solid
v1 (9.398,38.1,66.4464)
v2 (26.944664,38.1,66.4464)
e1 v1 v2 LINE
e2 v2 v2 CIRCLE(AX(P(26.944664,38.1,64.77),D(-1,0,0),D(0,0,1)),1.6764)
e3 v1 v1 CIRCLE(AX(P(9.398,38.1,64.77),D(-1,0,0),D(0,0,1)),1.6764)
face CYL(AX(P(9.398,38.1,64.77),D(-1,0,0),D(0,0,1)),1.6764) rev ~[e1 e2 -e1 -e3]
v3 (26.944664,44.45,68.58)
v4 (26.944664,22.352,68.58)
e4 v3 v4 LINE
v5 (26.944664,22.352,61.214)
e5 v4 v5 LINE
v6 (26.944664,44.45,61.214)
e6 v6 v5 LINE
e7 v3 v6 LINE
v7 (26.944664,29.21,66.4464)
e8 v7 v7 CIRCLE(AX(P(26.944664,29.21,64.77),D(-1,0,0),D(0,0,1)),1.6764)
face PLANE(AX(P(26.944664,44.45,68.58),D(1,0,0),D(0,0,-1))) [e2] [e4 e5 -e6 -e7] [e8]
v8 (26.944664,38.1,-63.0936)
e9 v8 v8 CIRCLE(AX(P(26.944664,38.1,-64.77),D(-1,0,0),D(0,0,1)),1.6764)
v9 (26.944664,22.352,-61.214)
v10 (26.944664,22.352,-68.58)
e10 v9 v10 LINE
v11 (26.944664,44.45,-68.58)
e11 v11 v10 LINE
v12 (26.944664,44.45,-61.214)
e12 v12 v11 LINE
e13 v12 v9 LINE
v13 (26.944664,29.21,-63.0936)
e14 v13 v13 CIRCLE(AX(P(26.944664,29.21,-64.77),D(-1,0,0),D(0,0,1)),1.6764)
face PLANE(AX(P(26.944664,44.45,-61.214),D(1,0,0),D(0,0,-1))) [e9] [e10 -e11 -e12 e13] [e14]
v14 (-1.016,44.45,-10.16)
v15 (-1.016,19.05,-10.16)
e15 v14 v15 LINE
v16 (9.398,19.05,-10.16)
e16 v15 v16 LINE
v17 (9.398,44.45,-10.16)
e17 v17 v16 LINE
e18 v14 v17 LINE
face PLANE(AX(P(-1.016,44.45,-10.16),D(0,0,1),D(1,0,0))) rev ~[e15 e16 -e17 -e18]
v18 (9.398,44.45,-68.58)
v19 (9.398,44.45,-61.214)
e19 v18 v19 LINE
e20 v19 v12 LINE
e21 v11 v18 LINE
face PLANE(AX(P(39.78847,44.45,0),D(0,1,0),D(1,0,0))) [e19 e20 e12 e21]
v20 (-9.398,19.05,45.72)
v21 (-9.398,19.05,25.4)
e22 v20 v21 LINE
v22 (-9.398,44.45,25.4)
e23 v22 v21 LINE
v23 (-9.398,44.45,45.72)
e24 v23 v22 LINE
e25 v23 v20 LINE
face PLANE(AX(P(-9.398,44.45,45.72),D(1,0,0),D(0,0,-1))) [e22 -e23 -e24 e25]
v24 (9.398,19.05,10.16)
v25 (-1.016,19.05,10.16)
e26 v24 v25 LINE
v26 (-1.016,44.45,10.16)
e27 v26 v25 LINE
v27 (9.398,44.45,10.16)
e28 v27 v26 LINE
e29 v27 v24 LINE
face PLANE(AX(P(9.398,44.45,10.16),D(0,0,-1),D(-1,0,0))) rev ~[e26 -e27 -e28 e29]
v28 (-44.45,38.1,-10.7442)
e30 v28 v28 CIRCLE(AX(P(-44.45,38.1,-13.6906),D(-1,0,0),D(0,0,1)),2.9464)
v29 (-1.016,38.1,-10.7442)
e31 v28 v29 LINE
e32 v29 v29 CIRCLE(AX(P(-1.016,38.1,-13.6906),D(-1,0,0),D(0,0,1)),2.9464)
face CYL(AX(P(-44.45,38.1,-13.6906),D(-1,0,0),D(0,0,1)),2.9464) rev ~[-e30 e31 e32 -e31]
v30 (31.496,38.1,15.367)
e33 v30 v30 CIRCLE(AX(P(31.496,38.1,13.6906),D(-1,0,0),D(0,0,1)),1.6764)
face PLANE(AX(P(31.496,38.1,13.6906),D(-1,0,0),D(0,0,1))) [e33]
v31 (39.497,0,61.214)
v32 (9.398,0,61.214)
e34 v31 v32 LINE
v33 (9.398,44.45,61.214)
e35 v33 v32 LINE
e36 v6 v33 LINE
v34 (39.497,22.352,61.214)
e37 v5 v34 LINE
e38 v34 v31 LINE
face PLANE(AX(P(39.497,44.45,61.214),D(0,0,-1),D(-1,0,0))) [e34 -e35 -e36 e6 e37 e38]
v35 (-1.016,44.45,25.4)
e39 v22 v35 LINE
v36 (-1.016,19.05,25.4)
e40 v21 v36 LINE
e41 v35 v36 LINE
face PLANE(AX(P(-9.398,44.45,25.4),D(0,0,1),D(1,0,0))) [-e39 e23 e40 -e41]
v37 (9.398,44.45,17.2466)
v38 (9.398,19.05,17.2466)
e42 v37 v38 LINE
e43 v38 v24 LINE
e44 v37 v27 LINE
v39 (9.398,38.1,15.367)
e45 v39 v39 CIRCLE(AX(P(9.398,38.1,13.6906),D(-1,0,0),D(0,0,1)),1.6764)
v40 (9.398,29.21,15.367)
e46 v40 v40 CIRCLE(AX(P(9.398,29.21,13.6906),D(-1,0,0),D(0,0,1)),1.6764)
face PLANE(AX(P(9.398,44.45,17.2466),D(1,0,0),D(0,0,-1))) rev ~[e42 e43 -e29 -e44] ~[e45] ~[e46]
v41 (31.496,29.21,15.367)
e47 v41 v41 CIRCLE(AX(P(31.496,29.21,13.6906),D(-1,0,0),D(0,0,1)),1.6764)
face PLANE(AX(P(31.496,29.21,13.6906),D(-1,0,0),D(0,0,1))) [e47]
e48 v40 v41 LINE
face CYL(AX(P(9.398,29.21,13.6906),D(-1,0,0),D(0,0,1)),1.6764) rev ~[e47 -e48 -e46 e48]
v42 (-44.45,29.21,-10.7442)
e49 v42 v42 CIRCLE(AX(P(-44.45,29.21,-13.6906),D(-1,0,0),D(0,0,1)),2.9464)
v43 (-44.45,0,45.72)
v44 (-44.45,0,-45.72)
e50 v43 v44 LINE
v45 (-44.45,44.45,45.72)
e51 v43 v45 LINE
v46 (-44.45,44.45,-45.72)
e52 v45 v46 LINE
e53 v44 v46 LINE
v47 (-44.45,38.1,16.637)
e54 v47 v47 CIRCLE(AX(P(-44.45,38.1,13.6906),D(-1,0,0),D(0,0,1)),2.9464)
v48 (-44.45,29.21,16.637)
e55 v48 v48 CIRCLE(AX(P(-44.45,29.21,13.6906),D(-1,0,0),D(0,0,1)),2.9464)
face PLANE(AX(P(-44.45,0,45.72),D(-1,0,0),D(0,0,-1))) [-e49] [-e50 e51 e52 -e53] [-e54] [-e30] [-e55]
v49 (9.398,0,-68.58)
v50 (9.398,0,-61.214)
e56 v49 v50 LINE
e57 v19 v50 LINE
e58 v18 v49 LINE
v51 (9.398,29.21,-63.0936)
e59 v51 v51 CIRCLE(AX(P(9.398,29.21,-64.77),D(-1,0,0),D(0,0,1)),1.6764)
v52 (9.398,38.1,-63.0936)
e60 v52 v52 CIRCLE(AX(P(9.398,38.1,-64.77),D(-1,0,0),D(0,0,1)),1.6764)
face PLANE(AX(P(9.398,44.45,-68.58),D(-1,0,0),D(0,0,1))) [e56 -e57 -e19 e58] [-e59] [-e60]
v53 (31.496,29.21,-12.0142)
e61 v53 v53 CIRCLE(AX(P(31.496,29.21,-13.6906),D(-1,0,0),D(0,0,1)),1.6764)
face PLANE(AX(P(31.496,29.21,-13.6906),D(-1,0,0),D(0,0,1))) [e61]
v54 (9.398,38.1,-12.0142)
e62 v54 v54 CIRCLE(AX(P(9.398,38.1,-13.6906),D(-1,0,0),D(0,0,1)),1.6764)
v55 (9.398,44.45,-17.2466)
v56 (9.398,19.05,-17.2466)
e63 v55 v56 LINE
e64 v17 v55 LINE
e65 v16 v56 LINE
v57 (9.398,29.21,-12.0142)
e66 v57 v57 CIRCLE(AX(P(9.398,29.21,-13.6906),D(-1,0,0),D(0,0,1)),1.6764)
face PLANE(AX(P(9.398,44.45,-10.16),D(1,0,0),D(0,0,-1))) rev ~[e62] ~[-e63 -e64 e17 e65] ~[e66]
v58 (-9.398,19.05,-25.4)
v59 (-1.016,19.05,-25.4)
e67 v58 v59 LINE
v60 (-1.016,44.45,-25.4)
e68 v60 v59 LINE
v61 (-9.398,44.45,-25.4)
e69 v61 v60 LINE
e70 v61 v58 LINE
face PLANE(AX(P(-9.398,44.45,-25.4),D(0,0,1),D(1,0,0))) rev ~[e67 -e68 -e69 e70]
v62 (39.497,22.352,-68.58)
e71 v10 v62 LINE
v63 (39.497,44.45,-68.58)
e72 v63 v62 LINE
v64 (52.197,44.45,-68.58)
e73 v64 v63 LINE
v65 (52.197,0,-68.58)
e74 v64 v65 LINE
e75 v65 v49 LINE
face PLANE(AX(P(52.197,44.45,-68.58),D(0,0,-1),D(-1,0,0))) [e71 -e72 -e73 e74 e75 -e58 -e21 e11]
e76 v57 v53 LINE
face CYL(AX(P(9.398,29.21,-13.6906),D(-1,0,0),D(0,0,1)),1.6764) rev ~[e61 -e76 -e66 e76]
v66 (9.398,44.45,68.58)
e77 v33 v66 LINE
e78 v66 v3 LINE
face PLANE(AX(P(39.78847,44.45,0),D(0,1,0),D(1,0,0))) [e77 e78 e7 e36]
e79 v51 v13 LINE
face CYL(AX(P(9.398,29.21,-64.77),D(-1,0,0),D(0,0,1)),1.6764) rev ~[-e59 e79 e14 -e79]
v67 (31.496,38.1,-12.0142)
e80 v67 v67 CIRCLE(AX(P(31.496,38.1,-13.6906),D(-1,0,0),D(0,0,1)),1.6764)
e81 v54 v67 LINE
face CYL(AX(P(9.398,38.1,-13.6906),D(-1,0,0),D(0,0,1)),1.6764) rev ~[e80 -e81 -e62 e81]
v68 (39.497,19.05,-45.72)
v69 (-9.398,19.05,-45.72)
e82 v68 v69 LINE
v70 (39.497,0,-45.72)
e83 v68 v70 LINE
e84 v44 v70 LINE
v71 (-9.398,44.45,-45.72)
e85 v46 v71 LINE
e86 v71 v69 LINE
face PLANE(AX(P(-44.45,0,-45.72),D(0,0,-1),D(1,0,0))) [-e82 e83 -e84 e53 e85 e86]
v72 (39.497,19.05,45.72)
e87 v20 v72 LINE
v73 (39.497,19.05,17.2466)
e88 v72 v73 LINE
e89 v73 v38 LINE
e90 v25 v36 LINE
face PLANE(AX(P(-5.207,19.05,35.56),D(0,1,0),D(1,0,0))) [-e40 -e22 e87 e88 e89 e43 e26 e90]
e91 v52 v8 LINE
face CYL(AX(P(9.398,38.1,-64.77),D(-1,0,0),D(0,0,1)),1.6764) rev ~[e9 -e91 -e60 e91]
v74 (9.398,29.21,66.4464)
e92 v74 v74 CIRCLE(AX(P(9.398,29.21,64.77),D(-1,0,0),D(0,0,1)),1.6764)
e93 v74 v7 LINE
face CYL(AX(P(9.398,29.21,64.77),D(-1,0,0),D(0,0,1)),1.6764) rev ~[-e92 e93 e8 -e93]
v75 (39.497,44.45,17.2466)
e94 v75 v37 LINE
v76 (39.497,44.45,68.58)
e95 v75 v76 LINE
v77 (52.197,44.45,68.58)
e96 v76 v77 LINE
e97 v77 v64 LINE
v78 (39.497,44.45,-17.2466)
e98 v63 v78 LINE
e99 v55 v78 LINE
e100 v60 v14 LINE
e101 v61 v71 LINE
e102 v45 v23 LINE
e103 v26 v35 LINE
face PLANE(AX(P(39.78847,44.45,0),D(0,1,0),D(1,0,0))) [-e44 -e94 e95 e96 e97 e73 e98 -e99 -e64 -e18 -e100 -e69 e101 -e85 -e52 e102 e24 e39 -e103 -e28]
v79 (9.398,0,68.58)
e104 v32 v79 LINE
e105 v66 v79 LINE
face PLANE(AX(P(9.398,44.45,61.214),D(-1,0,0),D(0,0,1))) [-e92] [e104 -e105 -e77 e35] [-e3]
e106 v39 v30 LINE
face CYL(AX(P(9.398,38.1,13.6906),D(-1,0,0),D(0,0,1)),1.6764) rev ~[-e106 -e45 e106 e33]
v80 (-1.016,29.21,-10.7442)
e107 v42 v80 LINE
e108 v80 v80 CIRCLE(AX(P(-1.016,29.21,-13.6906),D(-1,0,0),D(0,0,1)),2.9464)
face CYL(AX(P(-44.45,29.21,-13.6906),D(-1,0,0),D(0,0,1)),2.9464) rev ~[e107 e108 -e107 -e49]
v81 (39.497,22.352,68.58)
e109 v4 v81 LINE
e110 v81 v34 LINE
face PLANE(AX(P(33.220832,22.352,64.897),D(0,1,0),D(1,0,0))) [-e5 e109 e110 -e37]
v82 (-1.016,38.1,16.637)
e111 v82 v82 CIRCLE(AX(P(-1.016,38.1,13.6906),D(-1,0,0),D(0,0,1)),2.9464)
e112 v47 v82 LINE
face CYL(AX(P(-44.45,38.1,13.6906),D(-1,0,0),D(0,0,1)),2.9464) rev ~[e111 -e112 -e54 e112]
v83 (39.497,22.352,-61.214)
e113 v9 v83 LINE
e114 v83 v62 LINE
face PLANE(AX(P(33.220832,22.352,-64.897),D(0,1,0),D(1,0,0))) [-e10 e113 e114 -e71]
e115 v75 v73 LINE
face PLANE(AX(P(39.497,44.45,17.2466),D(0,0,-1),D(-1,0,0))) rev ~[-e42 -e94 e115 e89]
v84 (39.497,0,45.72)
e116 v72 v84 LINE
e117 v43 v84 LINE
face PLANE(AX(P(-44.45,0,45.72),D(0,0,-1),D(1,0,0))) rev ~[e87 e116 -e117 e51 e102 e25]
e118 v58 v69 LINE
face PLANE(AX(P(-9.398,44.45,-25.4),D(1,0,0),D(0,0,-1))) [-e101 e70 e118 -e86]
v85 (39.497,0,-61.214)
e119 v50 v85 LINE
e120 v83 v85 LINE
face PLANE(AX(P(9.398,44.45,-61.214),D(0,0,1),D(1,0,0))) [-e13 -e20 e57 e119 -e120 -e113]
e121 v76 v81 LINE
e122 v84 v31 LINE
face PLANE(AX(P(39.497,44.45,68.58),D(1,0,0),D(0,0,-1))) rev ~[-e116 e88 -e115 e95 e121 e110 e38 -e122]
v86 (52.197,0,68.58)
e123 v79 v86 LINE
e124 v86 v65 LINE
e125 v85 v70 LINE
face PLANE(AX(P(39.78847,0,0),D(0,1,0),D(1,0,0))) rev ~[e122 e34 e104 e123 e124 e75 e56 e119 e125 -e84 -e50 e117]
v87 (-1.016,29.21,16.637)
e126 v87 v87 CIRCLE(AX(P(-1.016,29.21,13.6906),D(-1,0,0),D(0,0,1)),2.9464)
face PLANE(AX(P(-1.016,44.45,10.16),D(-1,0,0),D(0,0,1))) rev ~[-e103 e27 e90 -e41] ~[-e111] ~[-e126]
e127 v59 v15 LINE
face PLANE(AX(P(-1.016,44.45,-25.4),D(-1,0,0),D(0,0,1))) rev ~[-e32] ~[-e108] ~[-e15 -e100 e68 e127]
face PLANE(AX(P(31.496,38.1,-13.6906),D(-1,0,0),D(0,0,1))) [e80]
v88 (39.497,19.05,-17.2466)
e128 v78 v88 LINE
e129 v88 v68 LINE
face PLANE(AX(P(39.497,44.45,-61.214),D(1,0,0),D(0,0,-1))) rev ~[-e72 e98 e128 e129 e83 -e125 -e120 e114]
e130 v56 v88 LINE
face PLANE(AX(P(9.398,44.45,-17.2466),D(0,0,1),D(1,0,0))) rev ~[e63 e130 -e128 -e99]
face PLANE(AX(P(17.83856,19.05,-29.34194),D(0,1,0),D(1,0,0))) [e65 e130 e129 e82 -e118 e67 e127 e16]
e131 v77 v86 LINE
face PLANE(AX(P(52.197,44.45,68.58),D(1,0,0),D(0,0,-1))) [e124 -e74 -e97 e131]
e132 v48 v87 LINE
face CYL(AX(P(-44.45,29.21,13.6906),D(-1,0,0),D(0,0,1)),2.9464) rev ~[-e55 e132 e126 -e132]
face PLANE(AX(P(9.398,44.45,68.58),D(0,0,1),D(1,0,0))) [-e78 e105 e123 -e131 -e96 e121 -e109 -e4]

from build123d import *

# Parameters (mm, degrees)
SKETCH1_W           = 88.9
SKETCH1_H           = 91.44
BOSS_EXTRUDE1_DEPTH = 44.45
SKETCH2_W           = 8.382
SKETCH2_H           = 20.32
CUT_EXTRUDE1_DEPTH  = 25.4
BOSS_EXTRUDE2_DEPTH = 44.45
SKETCH4_R           = 1.6764
CUT_EXTRUDE4_DEPTH  = 22.098
SKETCH5_R           = 2.9464
CUT_EXTRUDE6_DEPTH  = 43.434
SKETCH7_W           = 12.552336234
SKETCH7_H           = 7.366
CUT_EXTRUDE7_DEPTH  = 22.098


with BuildPart() as part:
    # Sketch1 → Boss-Extrude1 (new body)
    with BuildSketch(Plane(origin=(0, 0, 0), x_dir=(1, 0, 0), z_dir=(0, 1, 0))):
        Rectangle(SKETCH1_W, SKETCH1_H)
    extrude(amount=BOSS_EXTRUDE1_DEPTH)

    # Sketch2 → Cut-Extrude1 (cut)
    with BuildSketch(Plane(origin=(0, 44.45, 0), x_dir=(1, 0, 0), z_dir=(0, 1, 0))):
        with Locations((-5.207, -35.56)):
            Rectangle(SKETCH2_W, SKETCH2_H)
        Polygon((-1.016, -45.72), (39.497, -45.72), (39.497, -17.2466), (9.398, -17.2466), (9.398, -10.16), (-1.016, -10.16), (-1.016, -25.4), align=None)
        Polygon((39.497, 17.2466), (39.497, 45.72), (-1.016, 45.72), (-1.016, 25.4), (-1.016, 10.16), (9.398, 10.16), (9.398, 17.2466), align=None)
        with Locations((-5.207, 35.56)):
            Rectangle(SKETCH2_W, SKETCH2_H)
    extrude(amount=-CUT_EXTRUDE1_DEPTH, mode=Mode.SUBTRACT)

    # Sketch3 → Boss-Extrude2 (add)
    with BuildSketch(Plane(origin=(0, 44.45, 0), x_dir=(1, 0, 0), z_dir=(0, 1, 0))):
        Polygon((52.197, -68.58), (52.197, 68.58), (9.398, 68.58), (9.398, 61.214), (39.497, 61.214), (39.497, 45.72), (44.45, 45.72), (44.45, -45.72), (39.497, -45.72), (39.497, -61.214), (9.398, -61.214), (9.398, -68.58), align=None)
    extrude(amount=-BOSS_EXTRUDE2_DEPTH)

    # Sketch4 → Cut-Extrude4 (cut)
    with BuildSketch(Plane.ZY.offset(-9.398)):
        with Locations((-64.77, 29.21)):
            Circle(SKETCH4_R)
        with Locations((-64.77, 38.1)):
            Circle(SKETCH4_R)
        with Locations((-13.6906, 38.1)):
            Circle(SKETCH4_R)
        with Locations((-13.6906, 29.21)):
            Circle(SKETCH4_R)
        with Locations((13.6906, 38.1)):
            Circle(SKETCH4_R)
        with Locations((13.6906, 29.21)):
            Circle(SKETCH4_R)
        with Locations((64.77, 38.1)):
            Circle(SKETCH4_R)
        with Locations((64.77, 29.21)):
            Circle(SKETCH4_R)
    extrude(amount=-CUT_EXTRUDE4_DEPTH, mode=Mode.SUBTRACT)

    # Sketch5 → Cut-Extrude6 (cut)
    with BuildSketch(Plane.ZY.offset(44.45)):
        with Locations((-13.6906, 38.1)):
            Circle(SKETCH5_R)
        with Locations((-13.6906, 29.21)):
            Circle(SKETCH5_R)
        with Locations((13.6906, 38.1)):
            Circle(SKETCH5_R)
        with Locations((13.6906, 29.21)):
            Circle(SKETCH5_R)
    extrude(amount=-CUT_EXTRUDE6_DEPTH, mode=Mode.SUBTRACT)

    # Sketch7 → Cut-Extrude7 (cut)
    with BuildSketch(Plane(origin=(0, 44.45, 0), x_dir=(1, 0, 0), z_dir=(0, 1, 0))):
        with Locations((33.220831883, -64.897)):
            Rectangle(SKETCH7_W, SKETCH7_H)
        with Locations((33.220831883, 64.897)):
            Rectangle(SKETCH7_W, SKETCH7_H)
    extrude(amount=-CUT_EXTRUDE7_DEPTH, mode=Mode.SUBTRACT)


solid = part.part
